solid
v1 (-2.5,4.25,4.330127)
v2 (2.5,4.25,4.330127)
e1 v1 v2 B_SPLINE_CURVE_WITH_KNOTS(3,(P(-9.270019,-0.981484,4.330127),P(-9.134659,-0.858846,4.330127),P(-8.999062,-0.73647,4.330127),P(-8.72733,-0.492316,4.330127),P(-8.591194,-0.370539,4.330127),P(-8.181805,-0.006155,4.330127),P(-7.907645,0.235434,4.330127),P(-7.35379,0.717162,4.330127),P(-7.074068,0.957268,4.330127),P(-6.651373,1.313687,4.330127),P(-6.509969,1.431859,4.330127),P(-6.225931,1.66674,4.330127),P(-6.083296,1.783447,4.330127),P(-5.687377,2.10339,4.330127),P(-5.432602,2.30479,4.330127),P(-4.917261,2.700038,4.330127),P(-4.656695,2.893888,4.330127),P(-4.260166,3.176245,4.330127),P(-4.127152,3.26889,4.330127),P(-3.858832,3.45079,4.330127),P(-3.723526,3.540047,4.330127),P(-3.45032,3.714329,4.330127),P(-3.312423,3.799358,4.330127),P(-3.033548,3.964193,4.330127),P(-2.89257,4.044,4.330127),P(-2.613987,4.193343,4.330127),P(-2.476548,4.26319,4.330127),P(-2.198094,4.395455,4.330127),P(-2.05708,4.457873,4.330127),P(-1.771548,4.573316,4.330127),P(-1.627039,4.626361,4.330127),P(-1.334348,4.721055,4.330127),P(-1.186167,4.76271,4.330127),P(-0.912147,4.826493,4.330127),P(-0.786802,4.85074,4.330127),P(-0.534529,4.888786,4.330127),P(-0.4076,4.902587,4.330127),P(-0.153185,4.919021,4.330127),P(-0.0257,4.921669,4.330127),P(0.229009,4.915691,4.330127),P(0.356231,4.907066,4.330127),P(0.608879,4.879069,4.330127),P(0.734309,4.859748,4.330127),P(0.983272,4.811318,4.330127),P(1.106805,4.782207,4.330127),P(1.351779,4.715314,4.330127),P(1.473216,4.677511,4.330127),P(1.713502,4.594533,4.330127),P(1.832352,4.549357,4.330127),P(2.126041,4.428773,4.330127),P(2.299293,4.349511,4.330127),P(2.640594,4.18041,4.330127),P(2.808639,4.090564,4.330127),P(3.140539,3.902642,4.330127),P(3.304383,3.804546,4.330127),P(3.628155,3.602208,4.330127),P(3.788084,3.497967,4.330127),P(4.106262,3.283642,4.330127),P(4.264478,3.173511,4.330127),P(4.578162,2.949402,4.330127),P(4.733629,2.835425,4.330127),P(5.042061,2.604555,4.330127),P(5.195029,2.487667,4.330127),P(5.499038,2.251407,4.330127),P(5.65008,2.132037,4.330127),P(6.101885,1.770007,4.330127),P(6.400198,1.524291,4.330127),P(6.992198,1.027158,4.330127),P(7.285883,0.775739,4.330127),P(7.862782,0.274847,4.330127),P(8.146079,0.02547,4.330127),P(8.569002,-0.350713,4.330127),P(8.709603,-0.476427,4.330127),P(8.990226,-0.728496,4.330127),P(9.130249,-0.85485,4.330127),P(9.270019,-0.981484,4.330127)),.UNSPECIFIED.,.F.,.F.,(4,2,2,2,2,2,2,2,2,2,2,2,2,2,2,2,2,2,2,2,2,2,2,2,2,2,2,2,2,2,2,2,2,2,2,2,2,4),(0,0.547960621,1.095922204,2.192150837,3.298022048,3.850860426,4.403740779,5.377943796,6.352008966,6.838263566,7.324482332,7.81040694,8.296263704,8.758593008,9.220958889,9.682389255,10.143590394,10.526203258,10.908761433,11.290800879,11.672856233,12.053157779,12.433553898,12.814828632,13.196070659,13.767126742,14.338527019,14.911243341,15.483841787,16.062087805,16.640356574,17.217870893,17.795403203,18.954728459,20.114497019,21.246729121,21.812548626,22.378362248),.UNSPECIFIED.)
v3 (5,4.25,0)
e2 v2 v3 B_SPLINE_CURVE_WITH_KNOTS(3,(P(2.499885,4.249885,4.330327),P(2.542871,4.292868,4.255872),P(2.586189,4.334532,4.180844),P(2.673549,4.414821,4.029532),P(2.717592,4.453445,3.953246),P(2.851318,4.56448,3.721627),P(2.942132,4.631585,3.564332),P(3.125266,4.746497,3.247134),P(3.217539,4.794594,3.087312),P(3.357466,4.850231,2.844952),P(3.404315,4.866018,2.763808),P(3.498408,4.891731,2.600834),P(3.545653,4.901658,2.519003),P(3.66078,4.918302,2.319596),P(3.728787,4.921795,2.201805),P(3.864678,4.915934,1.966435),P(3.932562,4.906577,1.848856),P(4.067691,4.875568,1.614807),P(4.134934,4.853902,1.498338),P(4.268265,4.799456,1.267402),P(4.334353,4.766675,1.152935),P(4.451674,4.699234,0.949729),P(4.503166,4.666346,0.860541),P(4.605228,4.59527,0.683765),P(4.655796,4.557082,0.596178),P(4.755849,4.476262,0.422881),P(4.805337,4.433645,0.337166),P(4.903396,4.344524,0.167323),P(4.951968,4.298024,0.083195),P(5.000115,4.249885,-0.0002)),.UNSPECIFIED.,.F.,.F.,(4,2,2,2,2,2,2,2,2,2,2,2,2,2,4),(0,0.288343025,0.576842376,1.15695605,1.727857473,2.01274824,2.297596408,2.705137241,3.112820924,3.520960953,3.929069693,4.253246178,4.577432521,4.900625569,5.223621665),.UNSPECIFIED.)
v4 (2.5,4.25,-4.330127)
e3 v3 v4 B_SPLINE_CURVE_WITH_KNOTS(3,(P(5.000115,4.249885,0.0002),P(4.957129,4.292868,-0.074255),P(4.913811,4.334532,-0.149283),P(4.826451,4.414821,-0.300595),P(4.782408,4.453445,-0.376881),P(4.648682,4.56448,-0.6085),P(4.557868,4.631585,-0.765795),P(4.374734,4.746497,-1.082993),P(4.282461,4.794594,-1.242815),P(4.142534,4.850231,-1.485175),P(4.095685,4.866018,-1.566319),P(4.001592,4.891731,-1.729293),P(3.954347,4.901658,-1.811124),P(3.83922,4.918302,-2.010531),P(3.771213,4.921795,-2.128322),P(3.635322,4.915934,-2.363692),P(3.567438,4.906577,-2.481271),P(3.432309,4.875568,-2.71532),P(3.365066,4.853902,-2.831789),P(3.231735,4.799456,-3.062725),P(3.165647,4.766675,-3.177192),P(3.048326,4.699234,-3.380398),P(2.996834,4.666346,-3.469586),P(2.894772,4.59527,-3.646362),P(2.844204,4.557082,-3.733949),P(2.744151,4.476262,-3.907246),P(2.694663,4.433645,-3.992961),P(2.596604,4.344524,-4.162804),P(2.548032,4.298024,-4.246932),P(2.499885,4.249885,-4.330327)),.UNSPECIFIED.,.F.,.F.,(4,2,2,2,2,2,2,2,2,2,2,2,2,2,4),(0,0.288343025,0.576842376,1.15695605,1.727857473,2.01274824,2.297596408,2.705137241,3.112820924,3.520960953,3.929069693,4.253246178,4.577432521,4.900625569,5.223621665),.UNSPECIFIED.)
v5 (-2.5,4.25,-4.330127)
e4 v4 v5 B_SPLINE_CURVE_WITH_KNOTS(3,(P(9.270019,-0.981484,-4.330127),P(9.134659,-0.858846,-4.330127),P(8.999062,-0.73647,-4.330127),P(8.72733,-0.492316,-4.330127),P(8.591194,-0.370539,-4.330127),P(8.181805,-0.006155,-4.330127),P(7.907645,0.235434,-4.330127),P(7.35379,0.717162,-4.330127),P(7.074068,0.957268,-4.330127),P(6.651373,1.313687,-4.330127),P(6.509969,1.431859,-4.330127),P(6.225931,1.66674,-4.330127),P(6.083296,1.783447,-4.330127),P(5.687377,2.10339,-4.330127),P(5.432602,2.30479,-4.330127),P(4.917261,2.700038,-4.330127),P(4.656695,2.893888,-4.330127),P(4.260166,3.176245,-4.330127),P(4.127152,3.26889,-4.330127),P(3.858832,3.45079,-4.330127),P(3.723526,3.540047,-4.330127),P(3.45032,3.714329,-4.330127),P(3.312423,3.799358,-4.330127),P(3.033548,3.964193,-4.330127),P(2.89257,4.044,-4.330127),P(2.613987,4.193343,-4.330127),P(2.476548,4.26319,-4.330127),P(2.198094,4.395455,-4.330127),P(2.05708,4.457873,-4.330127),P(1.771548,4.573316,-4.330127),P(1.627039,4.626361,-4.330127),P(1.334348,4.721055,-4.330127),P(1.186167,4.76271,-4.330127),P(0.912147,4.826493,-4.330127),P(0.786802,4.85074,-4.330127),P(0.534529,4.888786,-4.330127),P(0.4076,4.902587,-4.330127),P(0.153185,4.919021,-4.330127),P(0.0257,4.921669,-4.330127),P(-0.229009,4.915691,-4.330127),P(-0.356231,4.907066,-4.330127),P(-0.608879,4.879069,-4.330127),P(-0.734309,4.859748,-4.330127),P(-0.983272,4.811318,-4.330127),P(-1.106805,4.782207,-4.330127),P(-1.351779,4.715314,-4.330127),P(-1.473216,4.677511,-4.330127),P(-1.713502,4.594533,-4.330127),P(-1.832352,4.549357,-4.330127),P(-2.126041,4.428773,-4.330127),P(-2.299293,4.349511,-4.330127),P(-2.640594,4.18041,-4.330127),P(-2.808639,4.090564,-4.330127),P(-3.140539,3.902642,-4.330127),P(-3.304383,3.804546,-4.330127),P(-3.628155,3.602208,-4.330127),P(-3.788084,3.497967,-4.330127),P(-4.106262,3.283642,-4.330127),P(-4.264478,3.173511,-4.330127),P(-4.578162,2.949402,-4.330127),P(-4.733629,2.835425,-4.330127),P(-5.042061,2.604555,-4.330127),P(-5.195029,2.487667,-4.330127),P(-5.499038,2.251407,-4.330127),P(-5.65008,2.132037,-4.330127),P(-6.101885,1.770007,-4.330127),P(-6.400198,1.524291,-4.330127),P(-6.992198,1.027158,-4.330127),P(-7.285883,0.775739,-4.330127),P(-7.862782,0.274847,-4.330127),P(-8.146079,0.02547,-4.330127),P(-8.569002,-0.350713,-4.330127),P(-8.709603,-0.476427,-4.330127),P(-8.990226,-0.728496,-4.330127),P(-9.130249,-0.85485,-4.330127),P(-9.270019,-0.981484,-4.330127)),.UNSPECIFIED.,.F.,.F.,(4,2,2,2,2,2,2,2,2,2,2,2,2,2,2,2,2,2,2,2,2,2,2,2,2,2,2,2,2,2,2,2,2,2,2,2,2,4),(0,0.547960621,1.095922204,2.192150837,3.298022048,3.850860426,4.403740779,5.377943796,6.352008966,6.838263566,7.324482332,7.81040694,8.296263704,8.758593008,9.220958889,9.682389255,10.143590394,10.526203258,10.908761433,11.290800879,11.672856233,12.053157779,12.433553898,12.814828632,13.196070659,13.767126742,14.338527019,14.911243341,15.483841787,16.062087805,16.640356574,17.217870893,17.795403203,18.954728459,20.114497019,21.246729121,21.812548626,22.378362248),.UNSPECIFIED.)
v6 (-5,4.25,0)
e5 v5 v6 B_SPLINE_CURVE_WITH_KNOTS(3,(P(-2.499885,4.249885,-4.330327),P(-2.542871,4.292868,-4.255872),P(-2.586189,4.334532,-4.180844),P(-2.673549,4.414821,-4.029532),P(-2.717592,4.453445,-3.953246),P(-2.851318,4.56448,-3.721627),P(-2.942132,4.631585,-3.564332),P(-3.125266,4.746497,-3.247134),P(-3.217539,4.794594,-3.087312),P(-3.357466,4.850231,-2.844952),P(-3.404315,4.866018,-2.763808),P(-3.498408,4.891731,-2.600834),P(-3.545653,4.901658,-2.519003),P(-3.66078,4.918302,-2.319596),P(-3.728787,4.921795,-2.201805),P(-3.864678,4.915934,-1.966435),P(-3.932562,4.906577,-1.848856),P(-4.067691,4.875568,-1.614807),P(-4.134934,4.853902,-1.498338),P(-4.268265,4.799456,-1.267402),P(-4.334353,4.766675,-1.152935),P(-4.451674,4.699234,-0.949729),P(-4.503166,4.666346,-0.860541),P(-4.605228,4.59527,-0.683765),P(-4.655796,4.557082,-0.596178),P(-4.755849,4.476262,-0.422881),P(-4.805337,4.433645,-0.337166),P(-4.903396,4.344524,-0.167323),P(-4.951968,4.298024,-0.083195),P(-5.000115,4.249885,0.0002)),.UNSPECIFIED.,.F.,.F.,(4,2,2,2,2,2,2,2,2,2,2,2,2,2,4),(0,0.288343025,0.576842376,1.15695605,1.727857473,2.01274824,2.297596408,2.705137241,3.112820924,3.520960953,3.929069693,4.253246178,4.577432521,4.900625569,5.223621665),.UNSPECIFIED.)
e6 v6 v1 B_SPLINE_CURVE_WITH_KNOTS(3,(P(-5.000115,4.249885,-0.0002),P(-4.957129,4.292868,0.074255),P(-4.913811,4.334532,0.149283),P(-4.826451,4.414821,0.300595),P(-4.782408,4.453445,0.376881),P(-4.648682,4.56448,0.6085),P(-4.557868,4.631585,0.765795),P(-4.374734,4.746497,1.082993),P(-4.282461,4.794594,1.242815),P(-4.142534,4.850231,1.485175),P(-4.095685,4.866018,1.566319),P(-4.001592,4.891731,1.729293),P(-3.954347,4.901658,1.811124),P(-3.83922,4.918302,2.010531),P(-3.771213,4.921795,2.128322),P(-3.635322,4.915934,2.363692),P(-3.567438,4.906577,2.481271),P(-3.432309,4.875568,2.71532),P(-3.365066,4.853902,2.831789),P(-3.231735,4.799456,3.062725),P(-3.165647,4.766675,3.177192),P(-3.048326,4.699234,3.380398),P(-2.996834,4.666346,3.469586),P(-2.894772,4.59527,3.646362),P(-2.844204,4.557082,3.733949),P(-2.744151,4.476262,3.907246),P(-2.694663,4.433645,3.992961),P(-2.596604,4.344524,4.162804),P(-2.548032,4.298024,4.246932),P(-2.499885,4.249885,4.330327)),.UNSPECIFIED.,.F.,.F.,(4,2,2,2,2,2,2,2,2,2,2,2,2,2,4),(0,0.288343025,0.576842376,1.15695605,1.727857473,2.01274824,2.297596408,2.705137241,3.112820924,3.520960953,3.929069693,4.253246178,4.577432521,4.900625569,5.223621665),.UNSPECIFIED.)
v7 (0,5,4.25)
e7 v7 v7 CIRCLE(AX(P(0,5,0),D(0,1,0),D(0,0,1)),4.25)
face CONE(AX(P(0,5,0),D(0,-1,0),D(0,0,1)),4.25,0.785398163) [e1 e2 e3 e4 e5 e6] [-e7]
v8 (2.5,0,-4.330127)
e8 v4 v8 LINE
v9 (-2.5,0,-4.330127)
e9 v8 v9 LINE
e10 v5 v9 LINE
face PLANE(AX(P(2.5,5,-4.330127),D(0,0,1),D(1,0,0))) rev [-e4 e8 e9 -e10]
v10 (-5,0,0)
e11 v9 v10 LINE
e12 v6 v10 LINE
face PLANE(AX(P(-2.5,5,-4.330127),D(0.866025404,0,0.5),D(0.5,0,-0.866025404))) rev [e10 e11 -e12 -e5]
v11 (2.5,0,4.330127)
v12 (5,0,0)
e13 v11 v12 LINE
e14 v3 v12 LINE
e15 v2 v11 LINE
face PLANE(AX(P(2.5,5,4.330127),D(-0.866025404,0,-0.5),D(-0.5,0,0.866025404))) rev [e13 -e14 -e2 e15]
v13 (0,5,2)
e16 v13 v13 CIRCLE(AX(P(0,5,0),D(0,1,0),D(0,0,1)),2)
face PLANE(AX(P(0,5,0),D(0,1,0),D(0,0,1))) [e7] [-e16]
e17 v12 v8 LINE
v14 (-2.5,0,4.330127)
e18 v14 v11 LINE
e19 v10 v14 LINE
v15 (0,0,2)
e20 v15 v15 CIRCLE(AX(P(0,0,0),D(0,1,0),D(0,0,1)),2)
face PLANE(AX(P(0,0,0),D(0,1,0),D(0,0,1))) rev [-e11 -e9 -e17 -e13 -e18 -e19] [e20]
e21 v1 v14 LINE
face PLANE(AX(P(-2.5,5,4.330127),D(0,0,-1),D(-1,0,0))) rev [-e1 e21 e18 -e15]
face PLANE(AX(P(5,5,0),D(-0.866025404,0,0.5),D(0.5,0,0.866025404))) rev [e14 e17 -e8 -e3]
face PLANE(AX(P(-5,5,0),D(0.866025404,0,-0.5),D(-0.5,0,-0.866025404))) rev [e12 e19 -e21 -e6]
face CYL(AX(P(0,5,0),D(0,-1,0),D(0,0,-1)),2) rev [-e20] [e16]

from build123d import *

# Parameters (mm, degrees)
SKETCH1_R           = 2
BOSS_EXTRUDE1_DEPTH = 5
SKETCH2_OUTSIDE_W   = 24.828
SKETCH2_OUTSIDE_H   = 23.488
SKETCH2_OUTSIDE_R   = 4.25
CUT_EXTRUDE1_DEPTH  = 5
CUT_EXTRUDE1_TAPER  = 45


with BuildPart() as part:
    # Sketch1 → Boss-Extrude1 (new body)
    with BuildSketch(Plane(origin=(0, 0, 0), x_dir=(1, 0, 0), z_dir=(0, 1, 0))):
        Polygon((5, 0), (2.5, 4.330127019), (-2.5, 4.330127019), (-5, 0), (-2.5, -4.330127019), (2.5, -4.330127019), align=None)
        Circle(SKETCH1_R, mode=Mode.SUBTRACT)
    extrude(amount=BOSS_EXTRUDE1_DEPTH)

    # Sketch2 outside → Cut-Extrude1 (cut)
    with BuildSketch(Plane(origin=(0, 5, 0), x_dir=(1, 0, 0), z_dir=(0, 1, 0))):
        Rectangle(SKETCH2_OUTSIDE_W, SKETCH2_OUTSIDE_H)
        Circle(SKETCH2_OUTSIDE_R, mode=Mode.SUBTRACT)
    extrude(amount=-CUT_EXTRUDE1_DEPTH, taper=CUT_EXTRUDE1_TAPER, mode=Mode.SUBTRACT)


solid = part.part
